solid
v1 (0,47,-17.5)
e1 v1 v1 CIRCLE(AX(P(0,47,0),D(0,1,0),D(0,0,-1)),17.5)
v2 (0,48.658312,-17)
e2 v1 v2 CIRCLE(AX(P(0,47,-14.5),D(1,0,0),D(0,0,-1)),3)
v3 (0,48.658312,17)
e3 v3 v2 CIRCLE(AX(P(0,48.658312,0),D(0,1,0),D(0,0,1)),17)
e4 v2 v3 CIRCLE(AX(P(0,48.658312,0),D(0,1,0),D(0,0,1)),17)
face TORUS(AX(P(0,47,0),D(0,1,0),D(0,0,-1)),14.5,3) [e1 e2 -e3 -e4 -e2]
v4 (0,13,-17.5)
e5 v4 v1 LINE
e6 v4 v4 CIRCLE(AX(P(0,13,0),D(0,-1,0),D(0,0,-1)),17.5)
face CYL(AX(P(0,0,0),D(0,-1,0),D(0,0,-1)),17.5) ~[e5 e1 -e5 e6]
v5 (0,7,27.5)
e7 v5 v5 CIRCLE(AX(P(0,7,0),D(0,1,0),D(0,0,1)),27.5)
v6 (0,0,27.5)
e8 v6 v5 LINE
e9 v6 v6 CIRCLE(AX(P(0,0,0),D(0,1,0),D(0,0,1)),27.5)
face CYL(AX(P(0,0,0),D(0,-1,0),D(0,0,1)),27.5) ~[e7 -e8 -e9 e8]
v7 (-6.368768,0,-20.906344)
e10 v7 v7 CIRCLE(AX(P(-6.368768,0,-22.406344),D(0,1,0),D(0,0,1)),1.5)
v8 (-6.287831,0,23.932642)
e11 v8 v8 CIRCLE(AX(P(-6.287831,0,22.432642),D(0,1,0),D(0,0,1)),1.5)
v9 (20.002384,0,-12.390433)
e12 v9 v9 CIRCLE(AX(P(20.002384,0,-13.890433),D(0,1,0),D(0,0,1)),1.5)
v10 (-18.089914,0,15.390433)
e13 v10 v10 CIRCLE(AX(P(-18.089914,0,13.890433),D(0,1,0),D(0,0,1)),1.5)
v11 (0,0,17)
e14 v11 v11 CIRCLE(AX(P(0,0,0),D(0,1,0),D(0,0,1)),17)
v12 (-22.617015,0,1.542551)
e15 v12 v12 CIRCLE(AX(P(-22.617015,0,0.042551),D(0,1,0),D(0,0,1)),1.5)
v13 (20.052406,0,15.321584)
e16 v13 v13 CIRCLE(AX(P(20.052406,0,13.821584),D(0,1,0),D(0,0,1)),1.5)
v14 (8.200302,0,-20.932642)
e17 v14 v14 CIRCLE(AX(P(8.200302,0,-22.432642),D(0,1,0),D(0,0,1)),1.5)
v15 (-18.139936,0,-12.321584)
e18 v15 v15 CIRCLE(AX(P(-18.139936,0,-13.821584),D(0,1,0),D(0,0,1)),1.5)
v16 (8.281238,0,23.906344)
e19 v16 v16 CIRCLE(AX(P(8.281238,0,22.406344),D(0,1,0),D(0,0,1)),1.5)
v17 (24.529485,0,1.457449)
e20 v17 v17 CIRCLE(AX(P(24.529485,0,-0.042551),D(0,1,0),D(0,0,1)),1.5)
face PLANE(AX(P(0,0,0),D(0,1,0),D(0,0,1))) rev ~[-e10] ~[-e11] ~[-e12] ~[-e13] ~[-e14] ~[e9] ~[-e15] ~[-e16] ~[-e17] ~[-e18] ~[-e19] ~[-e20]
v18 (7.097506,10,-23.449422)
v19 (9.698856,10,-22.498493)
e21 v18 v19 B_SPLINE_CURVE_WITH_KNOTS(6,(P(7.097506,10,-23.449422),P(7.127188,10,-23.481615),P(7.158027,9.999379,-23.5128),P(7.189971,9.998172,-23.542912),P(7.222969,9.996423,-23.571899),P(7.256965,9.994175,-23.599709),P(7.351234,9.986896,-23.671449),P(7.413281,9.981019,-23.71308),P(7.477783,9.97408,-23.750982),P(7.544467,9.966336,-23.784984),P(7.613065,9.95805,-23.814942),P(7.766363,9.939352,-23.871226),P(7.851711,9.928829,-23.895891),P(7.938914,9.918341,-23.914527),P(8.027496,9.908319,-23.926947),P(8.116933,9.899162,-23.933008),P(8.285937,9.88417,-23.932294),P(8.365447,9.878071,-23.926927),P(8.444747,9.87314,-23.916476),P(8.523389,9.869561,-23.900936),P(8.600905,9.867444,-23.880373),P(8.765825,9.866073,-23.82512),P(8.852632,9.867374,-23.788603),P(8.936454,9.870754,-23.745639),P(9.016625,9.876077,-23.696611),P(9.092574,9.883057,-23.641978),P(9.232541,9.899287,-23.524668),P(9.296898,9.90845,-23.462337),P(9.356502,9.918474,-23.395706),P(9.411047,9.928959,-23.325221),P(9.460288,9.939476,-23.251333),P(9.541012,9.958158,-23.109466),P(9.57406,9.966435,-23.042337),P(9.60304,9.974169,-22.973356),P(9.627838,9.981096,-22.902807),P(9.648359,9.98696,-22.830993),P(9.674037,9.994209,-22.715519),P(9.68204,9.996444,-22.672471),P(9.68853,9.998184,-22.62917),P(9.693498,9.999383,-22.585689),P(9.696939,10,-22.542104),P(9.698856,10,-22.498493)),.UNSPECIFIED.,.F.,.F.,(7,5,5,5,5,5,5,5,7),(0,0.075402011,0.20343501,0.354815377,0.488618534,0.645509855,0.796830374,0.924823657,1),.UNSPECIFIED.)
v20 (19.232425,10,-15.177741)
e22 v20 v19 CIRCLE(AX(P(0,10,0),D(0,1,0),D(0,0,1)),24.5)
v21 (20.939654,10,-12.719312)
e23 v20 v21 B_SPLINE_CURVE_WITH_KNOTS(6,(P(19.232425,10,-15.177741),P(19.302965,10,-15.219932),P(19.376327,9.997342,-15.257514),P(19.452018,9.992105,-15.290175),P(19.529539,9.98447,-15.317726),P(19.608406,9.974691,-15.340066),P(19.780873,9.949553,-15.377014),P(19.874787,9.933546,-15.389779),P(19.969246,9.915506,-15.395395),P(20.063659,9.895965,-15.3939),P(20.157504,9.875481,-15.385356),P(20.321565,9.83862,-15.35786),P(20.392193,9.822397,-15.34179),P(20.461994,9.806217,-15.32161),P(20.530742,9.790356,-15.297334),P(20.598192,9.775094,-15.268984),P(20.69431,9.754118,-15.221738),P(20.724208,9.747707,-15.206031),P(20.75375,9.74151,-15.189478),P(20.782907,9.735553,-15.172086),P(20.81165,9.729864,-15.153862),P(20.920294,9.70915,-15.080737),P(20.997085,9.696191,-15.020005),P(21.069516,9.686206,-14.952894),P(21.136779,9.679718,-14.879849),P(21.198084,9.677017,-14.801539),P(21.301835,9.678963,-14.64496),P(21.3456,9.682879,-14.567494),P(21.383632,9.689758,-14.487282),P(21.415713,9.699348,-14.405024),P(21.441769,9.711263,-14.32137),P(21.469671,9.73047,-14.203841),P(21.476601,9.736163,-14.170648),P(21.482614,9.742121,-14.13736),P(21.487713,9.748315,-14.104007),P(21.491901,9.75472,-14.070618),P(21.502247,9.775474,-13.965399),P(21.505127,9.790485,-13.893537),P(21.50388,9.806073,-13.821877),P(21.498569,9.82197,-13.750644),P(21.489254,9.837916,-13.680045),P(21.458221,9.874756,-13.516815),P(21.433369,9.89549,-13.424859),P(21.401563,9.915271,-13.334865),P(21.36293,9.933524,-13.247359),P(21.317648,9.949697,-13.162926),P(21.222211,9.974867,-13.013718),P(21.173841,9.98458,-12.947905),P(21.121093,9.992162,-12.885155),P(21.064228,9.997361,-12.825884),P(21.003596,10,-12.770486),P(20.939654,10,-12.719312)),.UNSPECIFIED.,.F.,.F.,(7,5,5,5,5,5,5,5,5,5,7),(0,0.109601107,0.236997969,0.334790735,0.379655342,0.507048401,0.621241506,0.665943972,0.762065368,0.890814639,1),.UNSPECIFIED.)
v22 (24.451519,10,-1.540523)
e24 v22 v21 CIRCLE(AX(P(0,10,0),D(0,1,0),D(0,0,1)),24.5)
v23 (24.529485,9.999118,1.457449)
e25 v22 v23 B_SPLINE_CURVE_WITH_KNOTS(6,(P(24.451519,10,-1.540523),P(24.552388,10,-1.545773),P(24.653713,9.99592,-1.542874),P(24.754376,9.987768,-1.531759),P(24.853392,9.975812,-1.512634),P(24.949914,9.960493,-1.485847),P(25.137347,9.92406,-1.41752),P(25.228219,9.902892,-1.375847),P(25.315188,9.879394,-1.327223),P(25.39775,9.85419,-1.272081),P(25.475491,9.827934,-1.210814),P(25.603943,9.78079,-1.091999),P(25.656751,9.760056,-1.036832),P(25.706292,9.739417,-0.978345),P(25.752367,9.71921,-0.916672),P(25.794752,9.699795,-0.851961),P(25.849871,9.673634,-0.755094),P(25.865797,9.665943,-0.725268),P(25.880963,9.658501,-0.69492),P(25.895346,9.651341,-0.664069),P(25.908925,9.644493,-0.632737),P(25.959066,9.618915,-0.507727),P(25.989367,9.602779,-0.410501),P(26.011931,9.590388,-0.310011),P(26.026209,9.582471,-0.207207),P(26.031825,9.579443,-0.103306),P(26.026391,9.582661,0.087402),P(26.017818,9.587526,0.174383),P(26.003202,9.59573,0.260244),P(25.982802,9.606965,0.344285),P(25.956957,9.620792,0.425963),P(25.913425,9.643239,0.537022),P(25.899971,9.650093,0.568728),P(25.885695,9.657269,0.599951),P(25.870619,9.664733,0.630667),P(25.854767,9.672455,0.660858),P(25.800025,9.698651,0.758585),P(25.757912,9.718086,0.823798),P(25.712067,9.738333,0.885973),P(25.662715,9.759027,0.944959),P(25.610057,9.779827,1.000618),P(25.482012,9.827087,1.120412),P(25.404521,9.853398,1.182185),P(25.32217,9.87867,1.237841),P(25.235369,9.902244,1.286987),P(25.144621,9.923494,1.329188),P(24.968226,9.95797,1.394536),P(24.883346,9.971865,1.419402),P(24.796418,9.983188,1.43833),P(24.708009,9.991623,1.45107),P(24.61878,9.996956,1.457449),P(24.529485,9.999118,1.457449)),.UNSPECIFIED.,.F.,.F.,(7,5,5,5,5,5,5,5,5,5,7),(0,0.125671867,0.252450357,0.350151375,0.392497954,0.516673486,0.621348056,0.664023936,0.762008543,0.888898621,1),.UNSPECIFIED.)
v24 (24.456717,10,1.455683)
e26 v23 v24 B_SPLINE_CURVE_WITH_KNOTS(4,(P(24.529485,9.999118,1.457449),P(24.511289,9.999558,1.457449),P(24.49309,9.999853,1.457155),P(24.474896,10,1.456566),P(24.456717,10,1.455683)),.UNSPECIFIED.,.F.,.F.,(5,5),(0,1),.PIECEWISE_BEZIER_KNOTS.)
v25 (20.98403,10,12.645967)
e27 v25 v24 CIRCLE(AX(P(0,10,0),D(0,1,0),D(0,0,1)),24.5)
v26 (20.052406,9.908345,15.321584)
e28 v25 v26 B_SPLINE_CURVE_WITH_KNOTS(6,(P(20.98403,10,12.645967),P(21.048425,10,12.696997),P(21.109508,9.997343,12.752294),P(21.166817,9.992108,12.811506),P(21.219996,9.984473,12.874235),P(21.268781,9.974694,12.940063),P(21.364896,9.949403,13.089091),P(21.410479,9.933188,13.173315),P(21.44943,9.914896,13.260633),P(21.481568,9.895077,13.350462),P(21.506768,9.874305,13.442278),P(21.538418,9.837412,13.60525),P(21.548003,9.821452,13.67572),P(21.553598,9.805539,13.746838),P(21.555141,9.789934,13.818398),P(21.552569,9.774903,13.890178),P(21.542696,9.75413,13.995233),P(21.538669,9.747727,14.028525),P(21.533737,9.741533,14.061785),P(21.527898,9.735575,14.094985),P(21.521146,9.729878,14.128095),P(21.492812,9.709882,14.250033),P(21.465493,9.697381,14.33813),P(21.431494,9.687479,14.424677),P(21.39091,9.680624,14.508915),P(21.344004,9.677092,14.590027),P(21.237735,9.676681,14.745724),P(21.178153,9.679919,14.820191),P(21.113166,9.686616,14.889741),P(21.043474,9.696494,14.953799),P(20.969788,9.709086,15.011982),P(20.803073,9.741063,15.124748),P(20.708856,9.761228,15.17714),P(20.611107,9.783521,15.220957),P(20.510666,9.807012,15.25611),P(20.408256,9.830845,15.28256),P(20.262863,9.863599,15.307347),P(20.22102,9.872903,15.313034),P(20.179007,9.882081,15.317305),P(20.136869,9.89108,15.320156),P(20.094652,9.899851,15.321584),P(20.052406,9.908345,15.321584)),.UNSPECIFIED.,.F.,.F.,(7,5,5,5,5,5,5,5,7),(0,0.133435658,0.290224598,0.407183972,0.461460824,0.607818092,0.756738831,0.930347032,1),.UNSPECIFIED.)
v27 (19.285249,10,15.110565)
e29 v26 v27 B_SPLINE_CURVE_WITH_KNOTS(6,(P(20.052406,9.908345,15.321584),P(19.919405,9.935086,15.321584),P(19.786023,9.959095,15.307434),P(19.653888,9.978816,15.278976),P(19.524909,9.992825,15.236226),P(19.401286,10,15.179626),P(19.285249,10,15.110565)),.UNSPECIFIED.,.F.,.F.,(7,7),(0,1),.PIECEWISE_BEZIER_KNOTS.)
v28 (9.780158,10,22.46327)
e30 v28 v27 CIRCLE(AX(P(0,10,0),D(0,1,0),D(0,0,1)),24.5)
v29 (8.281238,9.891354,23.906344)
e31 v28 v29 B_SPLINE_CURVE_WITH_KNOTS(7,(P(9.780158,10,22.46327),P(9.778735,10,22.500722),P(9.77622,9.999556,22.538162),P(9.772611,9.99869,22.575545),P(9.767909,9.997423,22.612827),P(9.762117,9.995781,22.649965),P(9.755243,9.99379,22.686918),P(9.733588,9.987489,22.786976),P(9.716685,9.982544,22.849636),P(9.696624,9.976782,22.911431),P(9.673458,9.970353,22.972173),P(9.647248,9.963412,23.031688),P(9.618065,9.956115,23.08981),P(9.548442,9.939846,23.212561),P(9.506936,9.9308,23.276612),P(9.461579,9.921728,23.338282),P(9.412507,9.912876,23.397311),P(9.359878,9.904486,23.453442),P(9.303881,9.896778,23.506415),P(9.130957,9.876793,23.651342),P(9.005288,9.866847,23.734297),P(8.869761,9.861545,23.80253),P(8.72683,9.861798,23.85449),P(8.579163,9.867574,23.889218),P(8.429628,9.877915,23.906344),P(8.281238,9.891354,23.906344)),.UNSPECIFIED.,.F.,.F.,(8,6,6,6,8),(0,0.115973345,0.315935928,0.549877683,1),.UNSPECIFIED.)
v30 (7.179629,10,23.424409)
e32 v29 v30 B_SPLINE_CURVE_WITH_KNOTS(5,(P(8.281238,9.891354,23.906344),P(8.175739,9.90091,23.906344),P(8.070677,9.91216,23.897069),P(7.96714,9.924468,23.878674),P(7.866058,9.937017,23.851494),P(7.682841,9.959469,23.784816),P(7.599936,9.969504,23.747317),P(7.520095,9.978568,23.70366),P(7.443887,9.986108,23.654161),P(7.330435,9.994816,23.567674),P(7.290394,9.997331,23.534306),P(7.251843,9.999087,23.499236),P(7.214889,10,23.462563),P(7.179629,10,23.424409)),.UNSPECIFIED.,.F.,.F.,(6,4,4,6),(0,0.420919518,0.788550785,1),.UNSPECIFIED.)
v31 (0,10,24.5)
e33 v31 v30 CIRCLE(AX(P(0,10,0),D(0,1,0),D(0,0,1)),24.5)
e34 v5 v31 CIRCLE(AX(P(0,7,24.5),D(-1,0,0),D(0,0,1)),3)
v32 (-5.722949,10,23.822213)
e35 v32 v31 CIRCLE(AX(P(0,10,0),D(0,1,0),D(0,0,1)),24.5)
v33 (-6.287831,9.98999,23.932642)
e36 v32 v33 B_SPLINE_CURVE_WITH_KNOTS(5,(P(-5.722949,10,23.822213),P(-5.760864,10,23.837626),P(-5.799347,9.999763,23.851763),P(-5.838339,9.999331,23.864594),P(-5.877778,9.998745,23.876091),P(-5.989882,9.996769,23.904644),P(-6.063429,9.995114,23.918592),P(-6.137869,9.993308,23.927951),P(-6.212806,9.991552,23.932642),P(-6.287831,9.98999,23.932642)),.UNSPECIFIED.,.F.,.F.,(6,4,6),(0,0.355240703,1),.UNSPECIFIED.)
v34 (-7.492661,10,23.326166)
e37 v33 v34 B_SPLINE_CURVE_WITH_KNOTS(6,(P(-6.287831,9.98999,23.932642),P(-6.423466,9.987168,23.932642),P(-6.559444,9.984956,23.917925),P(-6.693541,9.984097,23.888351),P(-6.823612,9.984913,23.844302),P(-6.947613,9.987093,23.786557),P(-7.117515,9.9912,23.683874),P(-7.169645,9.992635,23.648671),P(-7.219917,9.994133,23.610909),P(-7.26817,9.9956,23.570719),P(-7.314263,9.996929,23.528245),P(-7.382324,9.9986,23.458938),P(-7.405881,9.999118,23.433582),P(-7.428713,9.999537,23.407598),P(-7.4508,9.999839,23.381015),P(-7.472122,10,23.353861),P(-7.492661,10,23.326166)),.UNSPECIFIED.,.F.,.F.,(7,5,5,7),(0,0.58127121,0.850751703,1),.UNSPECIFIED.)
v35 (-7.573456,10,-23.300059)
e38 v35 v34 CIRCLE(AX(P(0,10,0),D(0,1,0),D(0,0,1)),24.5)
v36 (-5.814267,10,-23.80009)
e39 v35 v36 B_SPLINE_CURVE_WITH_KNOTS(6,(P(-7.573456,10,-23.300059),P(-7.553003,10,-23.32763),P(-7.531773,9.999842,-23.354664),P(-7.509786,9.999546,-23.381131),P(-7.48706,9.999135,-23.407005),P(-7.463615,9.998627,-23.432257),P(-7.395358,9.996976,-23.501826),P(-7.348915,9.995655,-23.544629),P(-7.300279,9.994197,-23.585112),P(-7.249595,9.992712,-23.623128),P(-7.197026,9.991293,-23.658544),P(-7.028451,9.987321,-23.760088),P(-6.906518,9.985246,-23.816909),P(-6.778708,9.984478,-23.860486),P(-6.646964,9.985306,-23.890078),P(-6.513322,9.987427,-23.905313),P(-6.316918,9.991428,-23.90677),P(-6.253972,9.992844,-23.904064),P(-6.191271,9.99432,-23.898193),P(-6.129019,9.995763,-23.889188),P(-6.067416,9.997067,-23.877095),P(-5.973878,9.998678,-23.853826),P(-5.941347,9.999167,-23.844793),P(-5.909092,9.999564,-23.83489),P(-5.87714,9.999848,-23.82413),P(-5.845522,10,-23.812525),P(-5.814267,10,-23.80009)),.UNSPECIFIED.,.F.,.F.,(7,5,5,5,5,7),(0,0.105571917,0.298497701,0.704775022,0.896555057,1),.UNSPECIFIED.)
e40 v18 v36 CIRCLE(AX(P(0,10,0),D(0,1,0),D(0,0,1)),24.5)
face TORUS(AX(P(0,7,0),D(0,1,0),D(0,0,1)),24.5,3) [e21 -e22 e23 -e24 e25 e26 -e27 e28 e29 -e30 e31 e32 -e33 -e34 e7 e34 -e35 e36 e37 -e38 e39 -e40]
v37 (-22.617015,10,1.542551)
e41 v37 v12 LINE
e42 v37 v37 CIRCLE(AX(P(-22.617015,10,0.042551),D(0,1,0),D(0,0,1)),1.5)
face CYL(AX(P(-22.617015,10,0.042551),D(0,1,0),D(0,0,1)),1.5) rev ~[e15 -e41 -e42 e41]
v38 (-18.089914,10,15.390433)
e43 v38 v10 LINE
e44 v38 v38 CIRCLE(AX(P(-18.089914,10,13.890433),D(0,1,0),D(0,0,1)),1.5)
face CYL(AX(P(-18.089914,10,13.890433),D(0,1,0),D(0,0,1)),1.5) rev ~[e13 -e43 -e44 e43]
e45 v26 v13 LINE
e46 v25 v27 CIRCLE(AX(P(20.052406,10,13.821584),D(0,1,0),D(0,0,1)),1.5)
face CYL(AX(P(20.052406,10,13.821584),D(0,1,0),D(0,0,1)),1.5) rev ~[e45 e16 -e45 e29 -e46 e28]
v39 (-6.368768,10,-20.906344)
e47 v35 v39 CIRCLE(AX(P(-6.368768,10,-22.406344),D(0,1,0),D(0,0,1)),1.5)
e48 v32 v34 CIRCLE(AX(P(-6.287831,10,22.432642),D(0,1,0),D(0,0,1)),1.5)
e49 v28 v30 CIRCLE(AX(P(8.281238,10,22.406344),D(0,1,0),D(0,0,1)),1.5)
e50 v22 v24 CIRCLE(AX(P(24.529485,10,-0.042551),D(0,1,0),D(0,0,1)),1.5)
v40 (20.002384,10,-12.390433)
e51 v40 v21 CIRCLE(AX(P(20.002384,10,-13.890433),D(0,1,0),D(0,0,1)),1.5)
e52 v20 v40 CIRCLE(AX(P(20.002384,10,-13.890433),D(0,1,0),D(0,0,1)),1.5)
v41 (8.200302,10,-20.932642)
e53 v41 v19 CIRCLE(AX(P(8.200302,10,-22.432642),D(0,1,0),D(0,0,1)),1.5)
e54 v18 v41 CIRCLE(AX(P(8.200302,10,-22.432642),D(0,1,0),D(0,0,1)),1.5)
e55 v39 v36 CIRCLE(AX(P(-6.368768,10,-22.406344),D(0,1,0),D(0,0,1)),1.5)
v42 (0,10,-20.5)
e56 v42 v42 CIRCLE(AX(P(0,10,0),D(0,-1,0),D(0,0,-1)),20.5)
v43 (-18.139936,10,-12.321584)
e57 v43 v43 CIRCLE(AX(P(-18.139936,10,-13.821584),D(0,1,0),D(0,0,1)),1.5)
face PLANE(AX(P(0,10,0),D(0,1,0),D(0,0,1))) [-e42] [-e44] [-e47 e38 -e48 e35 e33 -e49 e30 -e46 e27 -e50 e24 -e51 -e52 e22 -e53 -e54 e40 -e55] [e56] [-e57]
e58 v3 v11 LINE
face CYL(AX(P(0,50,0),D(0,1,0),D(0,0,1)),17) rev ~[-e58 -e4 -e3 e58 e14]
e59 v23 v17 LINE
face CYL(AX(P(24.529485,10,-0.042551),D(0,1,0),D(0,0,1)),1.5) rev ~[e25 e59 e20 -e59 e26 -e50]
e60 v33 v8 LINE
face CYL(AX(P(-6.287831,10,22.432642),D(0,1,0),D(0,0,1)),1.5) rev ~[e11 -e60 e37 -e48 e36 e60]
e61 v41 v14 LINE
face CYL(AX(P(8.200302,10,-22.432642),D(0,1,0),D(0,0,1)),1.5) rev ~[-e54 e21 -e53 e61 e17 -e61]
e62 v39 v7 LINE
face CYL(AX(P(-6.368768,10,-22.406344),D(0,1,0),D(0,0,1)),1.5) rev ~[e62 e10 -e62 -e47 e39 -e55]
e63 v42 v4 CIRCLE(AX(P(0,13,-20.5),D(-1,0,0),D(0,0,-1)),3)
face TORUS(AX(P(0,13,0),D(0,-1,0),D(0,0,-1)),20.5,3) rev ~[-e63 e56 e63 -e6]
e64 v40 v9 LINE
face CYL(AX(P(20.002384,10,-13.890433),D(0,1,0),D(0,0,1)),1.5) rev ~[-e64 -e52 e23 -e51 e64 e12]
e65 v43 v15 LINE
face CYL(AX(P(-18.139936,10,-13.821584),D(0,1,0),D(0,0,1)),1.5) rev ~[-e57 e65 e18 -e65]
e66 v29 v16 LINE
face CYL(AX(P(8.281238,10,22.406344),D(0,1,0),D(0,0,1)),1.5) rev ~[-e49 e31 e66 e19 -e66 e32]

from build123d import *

# Parameters (mm, degrees)
SKETCH1_R           = 17.5
BOSS_EXTRUDE1_DEPTH = 50
BOSS_EXTRUDE2_START = -50
SKETCH2_R           = 27.5
BOSS_EXTRUDE2_DEPTH = 10
FILLET1_R           = 3
SKETCH3_R           = 17
CUT_EXTRUDE1_DEPTH  = 50
SKETCH5_R           = 1.5
CUT_EXTRUDE4_DEPTH  = 10


with BuildPart() as part:
    # Sketch1 → Boss-Extrude1 (new body)
    with BuildSketch(Plane(origin=(0, 0, 0), x_dir=(1, 0, 0), z_dir=(0, 1, 0))):
        with Locations(Location((0, 0, 0), (0, 0, 90))):
            Circle(SKETCH1_R)
    extrude(amount=BOSS_EXTRUDE1_DEPTH)

    # Sketch2 → Boss-Extrude2 (add)
    with BuildSketch(Plane(origin=(0, 50, 0), x_dir=(1, 0, 0), z_dir=(0, 1, 0)).offset(BOSS_EXTRUDE2_START)):
        with Locations(Location((0, 0, 0), (0, 0, 270))):
            Circle(SKETCH2_R)
    extrude(amount=BOSS_EXTRUDE2_DEPTH)

    # Fillet1
    fillet1_edges = [part.edges().sort_by_distance(p)[0] for p in [
        (0, 50, 17.5),
        (0, 10, 17.5),
        (0, 10, -27.5),
    ]]
    fillet(fillet1_edges, radius=FILLET1_R)

    # Sketch3 → Cut-Extrude1 (cut)
    with BuildSketch(Plane(origin=(0, 50, 0), x_dir=(1, 0, 0), z_dir=(0, 1, 0))):
        with Locations(Location((0, 0, 0), (0, 0, 270))):
            Circle(SKETCH3_R)
    extrude(amount=-CUT_EXTRUDE1_DEPTH, mode=Mode.SUBTRACT)

    # Sketch5 → Cut-Extrude4 (cut)
    with BuildSketch(Plane(origin=(0, 10, 0), x_dir=(1, 0, 0), z_dir=(0, 1, 0))):
        with Locations(Location((-22.617014995, -0.042550907, 0), (0, 0, 270))):
            Circle(SKETCH5_R)
        with Locations(Location((-18.139935623, 13.821584384, 0), (0, 0, 270))):
            Circle(SKETCH5_R)
        with Locations(Location((-6.368768067, 22.406344218, 0), (0, 0, 270))):
            Circle(SKETCH5_R)
        with Locations(Location((8.200301755, 22.432642125, 0), (0, 0, 270))):
            Circle(SKETCH5_R)
        with Locations(Location((20.002384355, 13.890433198, 0), (0, 0, 270))):
            Circle(SKETCH5_R)
        with Locations(Location((24.529485319, 0.042550907, 0), (0, 0, 270))):
            Circle(SKETCH5_R)
        with Locations(Location((20.052405947, -13.821584384, 0), (0, 0, 270))):
            Circle(SKETCH5_R)
        with Locations(Location((8.28123839, -22.406344218, 0), (0, 0, 270))):
            Circle(SKETCH5_R)
        with Locations(Location((-6.287831432, -22.432642125, 0), (0, 0, 270))):
            Circle(SKETCH5_R)
        with Locations(Location((-18.089914032, -13.890433198, 0), (0, 0, 270))):
            Circle(SKETCH5_R)
    extrude(amount=-CUT_EXTRUDE4_DEPTH, mode=Mode.SUBTRACT)


solid = part.part
